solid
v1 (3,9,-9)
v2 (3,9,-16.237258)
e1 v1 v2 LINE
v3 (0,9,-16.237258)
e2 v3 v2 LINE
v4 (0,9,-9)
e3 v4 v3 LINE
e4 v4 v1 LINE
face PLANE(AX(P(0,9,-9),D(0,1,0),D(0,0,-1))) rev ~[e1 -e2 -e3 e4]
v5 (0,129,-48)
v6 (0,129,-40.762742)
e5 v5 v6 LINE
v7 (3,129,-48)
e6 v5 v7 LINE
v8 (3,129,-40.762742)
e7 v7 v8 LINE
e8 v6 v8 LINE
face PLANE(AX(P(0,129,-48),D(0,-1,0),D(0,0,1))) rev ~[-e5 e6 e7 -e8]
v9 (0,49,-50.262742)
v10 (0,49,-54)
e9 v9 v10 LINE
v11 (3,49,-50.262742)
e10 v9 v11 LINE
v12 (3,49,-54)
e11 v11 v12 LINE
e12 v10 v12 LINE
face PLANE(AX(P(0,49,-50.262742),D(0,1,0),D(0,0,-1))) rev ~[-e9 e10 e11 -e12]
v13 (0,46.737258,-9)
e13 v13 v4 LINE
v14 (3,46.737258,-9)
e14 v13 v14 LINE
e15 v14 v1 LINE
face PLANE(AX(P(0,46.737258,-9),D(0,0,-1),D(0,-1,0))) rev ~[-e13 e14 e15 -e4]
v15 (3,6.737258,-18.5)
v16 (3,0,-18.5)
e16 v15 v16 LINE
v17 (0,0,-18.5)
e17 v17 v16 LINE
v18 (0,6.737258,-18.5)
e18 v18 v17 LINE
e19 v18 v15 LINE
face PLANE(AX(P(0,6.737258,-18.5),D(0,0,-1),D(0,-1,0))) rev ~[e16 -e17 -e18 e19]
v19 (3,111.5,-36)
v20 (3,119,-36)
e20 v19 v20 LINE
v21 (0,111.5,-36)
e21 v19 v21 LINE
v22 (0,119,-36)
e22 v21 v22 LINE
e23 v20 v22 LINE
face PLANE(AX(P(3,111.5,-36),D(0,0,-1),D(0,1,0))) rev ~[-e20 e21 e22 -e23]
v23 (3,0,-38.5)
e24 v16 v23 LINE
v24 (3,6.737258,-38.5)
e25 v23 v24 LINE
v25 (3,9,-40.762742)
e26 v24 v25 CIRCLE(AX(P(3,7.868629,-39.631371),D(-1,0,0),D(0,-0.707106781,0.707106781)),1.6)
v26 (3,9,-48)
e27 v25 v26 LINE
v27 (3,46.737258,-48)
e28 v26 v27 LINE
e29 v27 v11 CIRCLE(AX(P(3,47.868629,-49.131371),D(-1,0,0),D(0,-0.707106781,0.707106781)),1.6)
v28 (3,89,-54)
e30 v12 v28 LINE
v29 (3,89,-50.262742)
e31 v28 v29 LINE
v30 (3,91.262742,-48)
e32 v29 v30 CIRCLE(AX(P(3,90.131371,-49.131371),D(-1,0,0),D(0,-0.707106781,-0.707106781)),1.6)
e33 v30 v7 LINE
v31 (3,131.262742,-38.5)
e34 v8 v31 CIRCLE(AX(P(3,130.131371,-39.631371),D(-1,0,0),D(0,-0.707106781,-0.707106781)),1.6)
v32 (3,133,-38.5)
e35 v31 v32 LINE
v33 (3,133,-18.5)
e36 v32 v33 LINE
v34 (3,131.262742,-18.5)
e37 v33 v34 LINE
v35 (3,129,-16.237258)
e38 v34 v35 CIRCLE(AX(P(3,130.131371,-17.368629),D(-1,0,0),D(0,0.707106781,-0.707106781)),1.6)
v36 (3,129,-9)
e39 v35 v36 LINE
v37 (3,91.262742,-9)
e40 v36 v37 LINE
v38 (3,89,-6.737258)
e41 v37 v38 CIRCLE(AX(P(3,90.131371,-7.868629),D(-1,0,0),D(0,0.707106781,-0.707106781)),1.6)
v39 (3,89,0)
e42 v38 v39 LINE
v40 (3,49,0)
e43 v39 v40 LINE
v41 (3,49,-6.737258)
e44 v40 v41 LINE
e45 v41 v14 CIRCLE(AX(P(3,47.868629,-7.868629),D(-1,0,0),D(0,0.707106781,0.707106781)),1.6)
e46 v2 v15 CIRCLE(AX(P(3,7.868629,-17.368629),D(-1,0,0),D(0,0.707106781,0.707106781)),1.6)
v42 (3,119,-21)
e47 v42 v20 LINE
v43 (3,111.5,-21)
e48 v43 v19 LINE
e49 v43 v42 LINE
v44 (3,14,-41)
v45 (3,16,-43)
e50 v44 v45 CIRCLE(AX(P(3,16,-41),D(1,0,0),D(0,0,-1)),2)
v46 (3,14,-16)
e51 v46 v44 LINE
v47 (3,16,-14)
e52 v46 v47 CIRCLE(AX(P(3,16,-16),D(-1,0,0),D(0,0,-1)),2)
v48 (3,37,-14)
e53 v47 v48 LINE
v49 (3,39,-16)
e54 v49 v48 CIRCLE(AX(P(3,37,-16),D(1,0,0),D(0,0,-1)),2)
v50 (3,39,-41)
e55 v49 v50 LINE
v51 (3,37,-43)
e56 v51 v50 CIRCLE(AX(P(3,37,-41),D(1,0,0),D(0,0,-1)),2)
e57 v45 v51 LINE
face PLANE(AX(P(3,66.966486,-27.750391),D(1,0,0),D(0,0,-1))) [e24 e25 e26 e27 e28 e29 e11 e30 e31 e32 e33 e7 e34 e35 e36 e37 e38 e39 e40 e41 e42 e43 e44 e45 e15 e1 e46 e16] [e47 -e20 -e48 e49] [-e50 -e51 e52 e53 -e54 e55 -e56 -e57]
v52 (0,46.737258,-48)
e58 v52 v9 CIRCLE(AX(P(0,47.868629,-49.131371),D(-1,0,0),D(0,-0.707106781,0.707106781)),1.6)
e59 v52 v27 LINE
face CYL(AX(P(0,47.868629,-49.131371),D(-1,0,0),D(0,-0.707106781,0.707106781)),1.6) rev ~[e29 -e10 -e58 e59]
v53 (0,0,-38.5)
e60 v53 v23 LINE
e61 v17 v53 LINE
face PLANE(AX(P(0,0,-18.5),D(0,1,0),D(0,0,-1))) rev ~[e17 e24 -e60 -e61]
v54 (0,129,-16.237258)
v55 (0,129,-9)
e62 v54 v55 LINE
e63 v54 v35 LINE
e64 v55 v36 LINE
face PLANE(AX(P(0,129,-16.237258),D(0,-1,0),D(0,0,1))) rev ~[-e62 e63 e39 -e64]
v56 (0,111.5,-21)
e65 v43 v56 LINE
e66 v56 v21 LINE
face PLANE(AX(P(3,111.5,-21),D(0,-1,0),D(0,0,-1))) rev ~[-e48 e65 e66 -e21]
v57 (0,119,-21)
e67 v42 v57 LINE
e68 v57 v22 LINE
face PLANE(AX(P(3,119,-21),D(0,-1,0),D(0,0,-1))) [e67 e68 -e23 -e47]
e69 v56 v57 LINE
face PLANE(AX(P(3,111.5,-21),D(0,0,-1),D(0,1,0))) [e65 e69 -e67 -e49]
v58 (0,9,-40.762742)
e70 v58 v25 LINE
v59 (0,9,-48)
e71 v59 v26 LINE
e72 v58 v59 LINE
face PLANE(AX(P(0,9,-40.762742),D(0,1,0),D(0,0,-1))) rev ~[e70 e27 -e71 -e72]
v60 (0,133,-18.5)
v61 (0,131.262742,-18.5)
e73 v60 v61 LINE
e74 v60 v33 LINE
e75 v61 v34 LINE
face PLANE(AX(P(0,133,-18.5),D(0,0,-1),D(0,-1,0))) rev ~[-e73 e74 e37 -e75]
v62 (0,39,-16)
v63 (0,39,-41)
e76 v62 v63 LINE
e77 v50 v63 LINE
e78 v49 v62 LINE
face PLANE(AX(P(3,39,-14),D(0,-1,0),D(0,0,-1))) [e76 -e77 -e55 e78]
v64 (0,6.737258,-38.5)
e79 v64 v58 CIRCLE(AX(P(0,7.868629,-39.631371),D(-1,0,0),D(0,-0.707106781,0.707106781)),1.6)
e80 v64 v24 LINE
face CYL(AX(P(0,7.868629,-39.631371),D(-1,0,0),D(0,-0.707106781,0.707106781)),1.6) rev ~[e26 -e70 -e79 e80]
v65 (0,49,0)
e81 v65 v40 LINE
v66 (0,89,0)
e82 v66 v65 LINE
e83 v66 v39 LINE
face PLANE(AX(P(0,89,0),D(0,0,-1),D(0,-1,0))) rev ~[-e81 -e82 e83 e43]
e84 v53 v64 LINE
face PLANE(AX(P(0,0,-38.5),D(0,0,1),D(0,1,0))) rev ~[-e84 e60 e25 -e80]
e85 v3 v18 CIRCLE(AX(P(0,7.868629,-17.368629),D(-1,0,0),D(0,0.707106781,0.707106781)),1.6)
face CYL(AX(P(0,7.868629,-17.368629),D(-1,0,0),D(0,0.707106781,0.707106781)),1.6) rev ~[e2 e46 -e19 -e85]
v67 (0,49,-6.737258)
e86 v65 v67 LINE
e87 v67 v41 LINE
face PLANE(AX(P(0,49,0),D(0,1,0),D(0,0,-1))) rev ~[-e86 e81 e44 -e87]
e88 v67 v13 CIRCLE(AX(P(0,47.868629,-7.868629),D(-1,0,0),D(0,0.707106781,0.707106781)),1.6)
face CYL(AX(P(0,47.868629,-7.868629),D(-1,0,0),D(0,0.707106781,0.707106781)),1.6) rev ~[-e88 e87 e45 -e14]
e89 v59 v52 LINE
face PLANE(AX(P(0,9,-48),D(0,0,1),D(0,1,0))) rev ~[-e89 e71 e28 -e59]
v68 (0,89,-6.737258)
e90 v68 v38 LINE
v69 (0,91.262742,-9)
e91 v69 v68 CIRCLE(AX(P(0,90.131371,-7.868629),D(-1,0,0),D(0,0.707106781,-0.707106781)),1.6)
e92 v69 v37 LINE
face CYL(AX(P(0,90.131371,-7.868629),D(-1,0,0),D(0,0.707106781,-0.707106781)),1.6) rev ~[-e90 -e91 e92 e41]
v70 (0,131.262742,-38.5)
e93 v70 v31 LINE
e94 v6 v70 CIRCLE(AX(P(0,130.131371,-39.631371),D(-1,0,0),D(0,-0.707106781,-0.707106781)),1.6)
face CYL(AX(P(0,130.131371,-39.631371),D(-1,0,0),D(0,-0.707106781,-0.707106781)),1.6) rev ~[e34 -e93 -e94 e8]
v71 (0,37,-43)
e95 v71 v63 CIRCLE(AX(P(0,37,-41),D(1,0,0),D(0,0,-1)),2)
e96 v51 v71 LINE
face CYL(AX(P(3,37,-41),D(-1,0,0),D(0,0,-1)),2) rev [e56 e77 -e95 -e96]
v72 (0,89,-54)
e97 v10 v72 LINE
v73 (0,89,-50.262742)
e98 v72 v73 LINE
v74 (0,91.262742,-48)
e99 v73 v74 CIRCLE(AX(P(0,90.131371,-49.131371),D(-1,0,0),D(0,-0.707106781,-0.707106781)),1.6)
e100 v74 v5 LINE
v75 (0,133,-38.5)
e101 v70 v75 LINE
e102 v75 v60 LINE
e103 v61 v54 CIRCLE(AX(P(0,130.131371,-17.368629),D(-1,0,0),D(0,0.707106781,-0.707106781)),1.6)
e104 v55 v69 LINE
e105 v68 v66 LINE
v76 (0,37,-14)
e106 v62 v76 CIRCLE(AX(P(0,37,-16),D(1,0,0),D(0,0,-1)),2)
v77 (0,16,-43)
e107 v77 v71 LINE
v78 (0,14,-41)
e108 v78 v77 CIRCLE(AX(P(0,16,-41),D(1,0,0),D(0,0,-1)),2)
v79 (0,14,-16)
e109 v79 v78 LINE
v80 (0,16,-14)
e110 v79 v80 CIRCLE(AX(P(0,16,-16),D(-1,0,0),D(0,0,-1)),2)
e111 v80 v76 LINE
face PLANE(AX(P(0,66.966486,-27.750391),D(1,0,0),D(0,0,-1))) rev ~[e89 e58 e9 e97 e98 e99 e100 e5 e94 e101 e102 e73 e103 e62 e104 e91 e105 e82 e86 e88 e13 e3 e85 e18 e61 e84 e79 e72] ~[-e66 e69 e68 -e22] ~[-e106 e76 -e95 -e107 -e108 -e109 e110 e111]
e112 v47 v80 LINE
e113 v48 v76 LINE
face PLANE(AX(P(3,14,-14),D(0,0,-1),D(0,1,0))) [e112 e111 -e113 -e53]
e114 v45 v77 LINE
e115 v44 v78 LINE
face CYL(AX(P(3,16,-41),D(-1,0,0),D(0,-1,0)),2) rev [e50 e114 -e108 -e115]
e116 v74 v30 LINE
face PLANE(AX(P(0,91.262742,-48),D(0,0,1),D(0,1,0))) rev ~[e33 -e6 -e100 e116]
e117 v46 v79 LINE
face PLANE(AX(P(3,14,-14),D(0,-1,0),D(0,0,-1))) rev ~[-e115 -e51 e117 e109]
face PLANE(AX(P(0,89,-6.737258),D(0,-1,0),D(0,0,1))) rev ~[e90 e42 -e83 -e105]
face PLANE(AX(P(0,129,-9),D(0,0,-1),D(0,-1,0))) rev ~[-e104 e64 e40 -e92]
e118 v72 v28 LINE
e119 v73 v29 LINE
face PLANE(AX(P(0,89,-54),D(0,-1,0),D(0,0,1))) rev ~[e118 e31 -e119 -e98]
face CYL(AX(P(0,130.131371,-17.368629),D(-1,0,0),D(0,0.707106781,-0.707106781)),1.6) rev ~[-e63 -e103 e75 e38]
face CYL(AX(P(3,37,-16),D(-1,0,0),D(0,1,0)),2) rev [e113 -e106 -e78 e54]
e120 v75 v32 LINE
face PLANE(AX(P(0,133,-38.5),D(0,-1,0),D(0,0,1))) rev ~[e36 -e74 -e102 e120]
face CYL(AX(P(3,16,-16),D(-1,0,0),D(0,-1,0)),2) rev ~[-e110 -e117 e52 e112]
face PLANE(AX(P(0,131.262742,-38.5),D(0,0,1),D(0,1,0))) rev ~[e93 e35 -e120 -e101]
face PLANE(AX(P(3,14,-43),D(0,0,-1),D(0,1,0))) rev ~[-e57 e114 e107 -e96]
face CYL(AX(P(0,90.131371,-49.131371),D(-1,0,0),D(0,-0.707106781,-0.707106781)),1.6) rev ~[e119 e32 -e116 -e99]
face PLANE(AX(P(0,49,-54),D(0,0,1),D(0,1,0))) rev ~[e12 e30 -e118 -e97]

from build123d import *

# Parameters (mm, degrees)
EXTRUSION1_DEPTH        = 3
ESQUISSE2_W             = 29
ESQUISSE2_H             = 25
ENL_V_MAT_EXTRU_1_DEPTH = 4
CONG_1_R                = 2
ESQUISSE3_W             = 15
ESQUISSE3_H             = 7.5
ENL_V_MAT_EXTRU_2_DEPTH = 4


with BuildPart() as part:
    # Esquisse1 → Extrusion1 (new body)
    with BuildSketch(Plane(origin=(0, 0, 0), x_dir=(0, 0, -1), z_dir=(1, 0, 0))):
        with BuildLine():
            Line((18.5, 6.7372583), (18.5, 0))
            Line((18.5, 0), (38.5, 0))
            Line((38.5, 0), (38.5, 6.7372583))
            ThreePointArc((38.5, 6.7372583), (38.5, 9), (40.7627417, 9))
            Line((40.7627417, 9), (48, 9))
            Line((48, 9), (48, 46.7372583))
            ThreePointArc((48, 46.7372583), (48, 49), (50.2627417, 49))
            Line((50.2627417, 49), (54, 49))
            Line((54, 49), (54, 89))
            Line((54, 89), (50.2627417, 89))
            ThreePointArc((50.2627417, 89), (48, 89), (48, 91.2627417))
            Line((48, 91.2627417), (48, 129))
            Line((48, 129), (40.7627417, 129))
            ThreePointArc((40.7627417, 129), (38.5, 129), (38.5, 131.2627417))
            Line((38.5, 131.2627417), (38.5, 133))
            Line((38.5, 133), (18.5, 133))
            Line((18.5, 133), (18.5, 131.2627417))
            ThreePointArc((18.5, 131.2627417), (18.5, 129), (16.2372583, 129))
            Line((16.2372583, 129), (9, 129))
            Line((9, 129), (9, 91.2627417))
            ThreePointArc((9, 91.2627417), (9, 89), (6.7372583, 89))
            Line((6.7372583, 89), (0, 89))
            Line((0, 89), (0, 49))
            Line((0, 49), (6.7372583, 49))
            ThreePointArc((6.7372583, 49), (9, 49), (9, 46.7372583))
            Line((9, 46.7372583), (9, 9))
            Line((9, 9), (16.2372583, 9))
            ThreePointArc((16.2372583, 9), (18.5, 9), (18.5, 6.7372583))
        make_face()
    extrude(amount=EXTRUSION1_DEPTH)

    # Esquisse2 → Enlèv. mat.-Extru.1 (cut, through all)
    with BuildSketch(Plane(origin=(3, 0, 0), x_dir=(0, 0, -1), z_dir=(1, 0, 0))):
        with Locations((28.5, 26.5)):
            Rectangle(ESQUISSE2_W, ESQUISSE2_H)
    extrude(amount=-ENL_V_MAT_EXTRU_1_DEPTH, mode=Mode.SUBTRACT)

    # Congé1
    cong_1_edges = [part.edges().sort_by_distance(p)[0] for p in [
        (1.5, 14, -14),
        (1.5, 39, -14),
        (1.5, 39, -43),
        (1.5, 14, -43),
    ]]
    fillet(cong_1_edges, radius=CONG_1_R)

    # Esquisse3 → Enlèv. mat.-Extru.2 (cut, through all)
    with BuildSketch(Plane(origin=(3, 0, 0), x_dir=(0, 0, -1), z_dir=(1, 0, 0))):
        with Locations((28.5, 115.25)):
            Rectangle(ESQUISSE3_W, ESQUISSE3_H)
    extrude(amount=-ENL_V_MAT_EXTRU_2_DEPTH, mode=Mode.SUBTRACT)


solid = part.part
